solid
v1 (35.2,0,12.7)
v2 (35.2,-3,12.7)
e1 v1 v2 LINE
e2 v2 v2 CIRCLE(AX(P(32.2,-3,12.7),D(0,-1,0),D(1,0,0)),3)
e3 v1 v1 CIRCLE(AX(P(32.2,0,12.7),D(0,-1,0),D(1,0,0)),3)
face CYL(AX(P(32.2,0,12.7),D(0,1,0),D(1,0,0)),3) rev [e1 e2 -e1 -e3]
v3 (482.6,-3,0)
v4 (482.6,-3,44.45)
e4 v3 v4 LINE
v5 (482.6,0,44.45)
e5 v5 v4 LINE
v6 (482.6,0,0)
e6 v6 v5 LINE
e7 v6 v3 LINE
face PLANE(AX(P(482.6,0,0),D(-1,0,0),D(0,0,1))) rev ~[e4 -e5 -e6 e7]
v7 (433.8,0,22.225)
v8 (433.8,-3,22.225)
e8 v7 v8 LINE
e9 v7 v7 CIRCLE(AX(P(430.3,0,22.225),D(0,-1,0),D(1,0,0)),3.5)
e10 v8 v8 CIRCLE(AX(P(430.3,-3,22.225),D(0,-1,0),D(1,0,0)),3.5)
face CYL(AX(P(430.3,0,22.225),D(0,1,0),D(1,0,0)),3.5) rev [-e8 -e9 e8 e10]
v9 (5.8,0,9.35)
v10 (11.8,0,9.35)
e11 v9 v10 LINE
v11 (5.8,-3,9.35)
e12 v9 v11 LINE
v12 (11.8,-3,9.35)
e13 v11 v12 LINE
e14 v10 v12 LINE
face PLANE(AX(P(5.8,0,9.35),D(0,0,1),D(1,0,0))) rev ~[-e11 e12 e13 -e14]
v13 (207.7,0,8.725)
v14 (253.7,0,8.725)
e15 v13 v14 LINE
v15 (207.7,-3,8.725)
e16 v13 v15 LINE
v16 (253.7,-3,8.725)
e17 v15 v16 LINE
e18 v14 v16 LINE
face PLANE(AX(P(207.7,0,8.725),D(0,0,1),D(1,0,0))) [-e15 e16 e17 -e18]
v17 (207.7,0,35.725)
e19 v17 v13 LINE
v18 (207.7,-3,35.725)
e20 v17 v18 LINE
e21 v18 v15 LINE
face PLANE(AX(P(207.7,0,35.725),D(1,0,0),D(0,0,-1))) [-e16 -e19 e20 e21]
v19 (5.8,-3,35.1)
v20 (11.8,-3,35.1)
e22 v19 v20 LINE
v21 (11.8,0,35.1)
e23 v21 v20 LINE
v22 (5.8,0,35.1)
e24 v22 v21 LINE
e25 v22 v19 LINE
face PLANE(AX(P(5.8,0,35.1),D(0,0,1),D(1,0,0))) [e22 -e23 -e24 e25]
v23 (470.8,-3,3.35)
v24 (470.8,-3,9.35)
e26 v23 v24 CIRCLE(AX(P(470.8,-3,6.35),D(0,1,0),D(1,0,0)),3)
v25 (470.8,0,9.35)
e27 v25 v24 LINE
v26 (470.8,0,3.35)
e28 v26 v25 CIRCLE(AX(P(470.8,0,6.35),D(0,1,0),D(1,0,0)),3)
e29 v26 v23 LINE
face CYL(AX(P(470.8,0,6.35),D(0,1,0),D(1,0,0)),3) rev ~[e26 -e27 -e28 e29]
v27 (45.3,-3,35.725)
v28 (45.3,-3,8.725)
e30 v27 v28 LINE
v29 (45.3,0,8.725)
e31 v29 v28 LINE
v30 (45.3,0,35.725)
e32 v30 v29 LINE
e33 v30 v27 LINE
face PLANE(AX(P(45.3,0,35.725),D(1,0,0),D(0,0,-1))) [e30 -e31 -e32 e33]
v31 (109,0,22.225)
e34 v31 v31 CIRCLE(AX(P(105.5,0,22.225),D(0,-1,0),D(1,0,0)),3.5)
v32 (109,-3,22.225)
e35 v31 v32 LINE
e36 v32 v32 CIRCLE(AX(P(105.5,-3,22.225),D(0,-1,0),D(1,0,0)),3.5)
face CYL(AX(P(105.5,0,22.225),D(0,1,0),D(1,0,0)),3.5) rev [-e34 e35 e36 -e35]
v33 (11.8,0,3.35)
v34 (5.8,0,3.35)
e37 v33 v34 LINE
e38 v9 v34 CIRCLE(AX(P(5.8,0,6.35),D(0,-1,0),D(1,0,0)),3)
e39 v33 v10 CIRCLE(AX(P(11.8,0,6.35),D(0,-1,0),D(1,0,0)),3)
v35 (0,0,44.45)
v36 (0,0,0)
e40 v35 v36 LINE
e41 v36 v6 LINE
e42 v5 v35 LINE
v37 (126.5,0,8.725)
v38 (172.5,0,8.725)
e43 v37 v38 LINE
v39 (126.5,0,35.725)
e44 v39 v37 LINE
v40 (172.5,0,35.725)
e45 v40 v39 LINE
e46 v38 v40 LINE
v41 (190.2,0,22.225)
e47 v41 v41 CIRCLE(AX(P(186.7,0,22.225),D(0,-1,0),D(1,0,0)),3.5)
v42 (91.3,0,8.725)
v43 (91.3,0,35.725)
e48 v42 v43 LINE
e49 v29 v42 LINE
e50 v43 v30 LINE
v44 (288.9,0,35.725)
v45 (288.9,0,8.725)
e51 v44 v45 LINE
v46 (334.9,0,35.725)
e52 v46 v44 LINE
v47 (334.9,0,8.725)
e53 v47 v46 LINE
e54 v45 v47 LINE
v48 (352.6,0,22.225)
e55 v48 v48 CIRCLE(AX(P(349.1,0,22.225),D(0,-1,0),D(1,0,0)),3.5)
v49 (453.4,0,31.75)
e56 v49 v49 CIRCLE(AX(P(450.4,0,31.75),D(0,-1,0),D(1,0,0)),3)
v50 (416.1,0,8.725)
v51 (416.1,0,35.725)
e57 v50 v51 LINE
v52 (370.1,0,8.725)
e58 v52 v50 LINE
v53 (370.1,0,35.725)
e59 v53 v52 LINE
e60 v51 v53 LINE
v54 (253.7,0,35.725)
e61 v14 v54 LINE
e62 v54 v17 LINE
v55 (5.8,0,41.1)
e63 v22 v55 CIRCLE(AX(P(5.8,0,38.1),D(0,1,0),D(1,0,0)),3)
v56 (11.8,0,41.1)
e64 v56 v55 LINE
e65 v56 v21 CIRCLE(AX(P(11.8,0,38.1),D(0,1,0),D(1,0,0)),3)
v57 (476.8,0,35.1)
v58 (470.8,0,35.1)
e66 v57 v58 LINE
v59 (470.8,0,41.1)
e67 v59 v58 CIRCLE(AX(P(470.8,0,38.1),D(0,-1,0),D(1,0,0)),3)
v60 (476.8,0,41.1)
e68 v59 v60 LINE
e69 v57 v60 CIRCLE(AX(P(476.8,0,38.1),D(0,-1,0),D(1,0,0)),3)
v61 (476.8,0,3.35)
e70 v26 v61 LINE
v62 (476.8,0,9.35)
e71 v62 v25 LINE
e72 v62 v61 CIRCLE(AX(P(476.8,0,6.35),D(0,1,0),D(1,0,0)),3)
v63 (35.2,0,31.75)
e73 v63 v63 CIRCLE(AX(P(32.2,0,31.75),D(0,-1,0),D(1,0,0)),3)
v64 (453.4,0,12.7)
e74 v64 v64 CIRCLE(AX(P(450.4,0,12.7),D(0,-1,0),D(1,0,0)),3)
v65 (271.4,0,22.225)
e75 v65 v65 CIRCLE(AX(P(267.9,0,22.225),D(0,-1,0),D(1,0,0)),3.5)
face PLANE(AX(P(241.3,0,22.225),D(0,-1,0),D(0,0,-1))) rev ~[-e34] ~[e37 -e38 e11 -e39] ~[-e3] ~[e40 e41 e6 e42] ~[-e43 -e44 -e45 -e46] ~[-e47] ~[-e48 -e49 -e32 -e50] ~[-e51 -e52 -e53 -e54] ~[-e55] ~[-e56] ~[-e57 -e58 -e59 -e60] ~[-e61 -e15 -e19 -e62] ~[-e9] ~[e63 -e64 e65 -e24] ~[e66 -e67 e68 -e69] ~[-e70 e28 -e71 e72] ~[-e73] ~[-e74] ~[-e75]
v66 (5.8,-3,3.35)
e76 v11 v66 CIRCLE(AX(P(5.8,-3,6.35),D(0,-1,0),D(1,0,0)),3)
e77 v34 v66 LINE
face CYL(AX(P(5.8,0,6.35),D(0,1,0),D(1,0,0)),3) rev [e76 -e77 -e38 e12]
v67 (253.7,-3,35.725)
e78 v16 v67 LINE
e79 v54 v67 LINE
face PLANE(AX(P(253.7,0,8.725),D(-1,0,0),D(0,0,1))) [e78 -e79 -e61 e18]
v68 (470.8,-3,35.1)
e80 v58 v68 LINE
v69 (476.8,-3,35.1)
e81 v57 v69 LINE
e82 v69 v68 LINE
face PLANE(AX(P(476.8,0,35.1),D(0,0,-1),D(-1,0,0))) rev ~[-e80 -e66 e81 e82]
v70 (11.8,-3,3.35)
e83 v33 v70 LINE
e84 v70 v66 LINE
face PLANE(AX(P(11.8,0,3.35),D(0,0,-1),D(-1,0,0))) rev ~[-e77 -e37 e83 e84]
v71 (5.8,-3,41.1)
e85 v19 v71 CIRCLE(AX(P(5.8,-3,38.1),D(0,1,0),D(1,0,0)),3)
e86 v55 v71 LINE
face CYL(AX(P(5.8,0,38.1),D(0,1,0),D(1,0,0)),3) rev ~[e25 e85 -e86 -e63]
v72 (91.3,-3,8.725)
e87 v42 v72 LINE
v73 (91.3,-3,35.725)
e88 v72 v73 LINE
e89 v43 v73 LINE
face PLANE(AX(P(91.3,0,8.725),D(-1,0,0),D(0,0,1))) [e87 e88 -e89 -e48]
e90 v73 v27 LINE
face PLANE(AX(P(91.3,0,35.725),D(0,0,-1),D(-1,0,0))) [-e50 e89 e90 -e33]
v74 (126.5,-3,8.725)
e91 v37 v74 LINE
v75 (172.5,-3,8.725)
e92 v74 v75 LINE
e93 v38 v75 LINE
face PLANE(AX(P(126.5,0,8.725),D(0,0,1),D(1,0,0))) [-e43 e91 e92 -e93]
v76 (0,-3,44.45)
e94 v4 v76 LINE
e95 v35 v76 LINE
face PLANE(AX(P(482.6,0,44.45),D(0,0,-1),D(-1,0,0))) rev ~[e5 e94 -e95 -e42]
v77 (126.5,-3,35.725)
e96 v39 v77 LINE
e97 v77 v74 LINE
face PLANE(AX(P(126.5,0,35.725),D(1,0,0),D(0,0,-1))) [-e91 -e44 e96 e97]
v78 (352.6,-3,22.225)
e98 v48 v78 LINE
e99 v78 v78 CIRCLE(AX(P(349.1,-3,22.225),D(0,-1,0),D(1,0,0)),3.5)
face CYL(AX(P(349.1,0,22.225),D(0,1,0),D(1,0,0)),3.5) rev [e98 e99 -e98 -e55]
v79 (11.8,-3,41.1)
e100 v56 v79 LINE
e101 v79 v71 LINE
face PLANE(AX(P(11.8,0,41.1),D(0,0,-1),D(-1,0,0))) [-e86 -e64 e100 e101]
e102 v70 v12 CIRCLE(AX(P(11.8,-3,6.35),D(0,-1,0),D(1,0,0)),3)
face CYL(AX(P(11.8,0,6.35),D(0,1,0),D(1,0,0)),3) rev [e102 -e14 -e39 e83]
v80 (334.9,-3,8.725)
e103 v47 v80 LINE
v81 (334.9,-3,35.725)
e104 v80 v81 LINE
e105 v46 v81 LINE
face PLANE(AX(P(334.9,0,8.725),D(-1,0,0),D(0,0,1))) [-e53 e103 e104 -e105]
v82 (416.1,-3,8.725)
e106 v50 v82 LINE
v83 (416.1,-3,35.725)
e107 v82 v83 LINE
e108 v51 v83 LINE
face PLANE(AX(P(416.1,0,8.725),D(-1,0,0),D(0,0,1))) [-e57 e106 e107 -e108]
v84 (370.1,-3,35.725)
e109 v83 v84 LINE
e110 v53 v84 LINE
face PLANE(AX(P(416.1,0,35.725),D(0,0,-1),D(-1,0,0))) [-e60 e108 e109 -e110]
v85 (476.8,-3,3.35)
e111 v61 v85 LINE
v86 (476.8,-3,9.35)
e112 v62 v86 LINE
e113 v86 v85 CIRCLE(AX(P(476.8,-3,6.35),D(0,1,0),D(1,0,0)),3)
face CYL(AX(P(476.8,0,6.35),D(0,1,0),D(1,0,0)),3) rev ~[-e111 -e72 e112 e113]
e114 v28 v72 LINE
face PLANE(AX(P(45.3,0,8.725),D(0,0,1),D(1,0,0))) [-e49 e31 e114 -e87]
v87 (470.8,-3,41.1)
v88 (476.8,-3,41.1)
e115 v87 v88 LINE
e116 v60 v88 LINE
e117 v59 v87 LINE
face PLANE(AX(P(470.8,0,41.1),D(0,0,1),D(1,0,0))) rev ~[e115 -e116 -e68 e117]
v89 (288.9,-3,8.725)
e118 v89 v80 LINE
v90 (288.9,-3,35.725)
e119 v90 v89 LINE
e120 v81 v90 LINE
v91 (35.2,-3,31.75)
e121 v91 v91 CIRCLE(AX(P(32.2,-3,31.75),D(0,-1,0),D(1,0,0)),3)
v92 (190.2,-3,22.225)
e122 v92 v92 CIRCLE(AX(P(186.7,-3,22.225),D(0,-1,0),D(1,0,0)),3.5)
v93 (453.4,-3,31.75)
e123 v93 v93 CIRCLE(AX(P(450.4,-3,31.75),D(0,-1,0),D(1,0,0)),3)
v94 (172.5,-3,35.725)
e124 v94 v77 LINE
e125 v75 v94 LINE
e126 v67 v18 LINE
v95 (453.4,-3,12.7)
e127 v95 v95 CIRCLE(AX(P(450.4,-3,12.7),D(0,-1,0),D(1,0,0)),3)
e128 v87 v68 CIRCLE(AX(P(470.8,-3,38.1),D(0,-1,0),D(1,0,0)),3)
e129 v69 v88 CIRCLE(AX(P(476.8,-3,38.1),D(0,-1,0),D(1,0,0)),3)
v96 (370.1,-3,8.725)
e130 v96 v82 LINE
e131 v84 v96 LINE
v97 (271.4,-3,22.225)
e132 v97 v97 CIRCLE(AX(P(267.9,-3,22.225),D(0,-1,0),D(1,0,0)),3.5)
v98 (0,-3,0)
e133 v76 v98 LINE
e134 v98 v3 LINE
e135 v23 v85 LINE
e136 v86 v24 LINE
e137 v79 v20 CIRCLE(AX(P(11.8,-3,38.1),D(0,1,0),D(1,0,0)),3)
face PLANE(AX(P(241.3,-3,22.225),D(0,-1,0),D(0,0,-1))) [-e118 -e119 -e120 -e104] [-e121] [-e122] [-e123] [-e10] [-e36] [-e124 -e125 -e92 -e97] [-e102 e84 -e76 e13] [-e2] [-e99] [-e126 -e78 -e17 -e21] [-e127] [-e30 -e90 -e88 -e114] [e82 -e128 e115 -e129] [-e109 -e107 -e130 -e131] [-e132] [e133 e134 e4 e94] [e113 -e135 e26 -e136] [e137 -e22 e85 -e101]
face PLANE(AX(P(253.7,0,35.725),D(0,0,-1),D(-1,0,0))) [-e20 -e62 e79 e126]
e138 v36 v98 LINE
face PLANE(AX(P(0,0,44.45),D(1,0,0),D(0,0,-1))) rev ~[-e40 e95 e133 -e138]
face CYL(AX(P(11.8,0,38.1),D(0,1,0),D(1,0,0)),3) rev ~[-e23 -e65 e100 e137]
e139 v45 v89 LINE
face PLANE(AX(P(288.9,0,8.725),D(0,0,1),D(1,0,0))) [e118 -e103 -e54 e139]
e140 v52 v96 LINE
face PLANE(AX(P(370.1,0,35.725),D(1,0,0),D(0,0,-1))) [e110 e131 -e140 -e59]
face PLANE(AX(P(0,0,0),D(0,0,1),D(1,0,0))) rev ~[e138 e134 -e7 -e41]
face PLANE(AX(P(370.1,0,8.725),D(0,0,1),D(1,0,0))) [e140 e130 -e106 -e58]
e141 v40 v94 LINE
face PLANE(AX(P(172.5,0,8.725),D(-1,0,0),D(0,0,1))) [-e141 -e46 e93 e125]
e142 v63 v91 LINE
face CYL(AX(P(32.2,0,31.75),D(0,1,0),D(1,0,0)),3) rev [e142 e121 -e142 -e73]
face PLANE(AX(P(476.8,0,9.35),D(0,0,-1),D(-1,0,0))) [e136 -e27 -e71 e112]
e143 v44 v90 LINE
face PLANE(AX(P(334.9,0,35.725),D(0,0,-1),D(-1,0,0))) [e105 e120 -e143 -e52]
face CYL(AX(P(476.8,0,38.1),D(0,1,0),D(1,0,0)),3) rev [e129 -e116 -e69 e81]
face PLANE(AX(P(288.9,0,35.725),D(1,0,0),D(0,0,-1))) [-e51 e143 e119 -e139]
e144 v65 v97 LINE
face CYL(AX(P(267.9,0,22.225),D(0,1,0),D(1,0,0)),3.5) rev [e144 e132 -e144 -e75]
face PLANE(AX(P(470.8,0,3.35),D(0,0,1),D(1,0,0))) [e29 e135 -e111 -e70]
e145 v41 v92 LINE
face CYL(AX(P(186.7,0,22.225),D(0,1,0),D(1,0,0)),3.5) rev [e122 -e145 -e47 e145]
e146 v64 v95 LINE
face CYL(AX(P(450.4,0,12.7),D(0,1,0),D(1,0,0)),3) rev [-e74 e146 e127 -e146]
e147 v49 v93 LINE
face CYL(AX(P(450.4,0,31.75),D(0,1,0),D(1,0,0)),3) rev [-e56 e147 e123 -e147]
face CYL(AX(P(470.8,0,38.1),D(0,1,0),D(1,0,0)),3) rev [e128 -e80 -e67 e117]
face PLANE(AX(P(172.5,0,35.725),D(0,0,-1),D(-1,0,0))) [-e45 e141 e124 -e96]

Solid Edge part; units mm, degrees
sketch "Sketch1" plane through (0, 0, 0) normal (0, -1, 0) x (1, 0, 0)
  line L0 (5.8, 35.1) -> (11.8, 35.1)
  arc A0 (11.8, 41.1) -> (11.8, 35.1) centre (11.8, 38.1) cw
  line L1 (11.8, 41.1) -> (5.8, 41.1)
  arc A1 (5.8, 35.1) -> (5.8, 41.1) centre (5.8, 38.1) cw
  line L2 (482.6, 44.45) -> (0, 44.45)
  line L3 (0, 44.45) -> (0, 0)
  line L4 (0, 0) -> (482.6, 0)
  line L5 (482.6, 0) -> (482.6, 44.45)
  arc A2 (5.8, 9.35) -> (5.8, 3.35) centre (5.8, 6.35) ccw
  line L6 (11.8, 3.35) -> (5.8, 3.35)
  arc A3 (11.8, 3.35) -> (11.8, 9.35) centre (11.8, 6.35) ccw
  line L7 (5.8, 9.35) -> (11.8, 9.35)
  circle A4 centre (32.2, 12.7) radius 3
  circle A5 centre (32.2, 31.75) radius 3
  circle A6 centre (105.5, 22.225) radius 3.5
  line L8 (45.3, 8.725) -> (91.3, 8.725)
  line L9 (91.3, 8.725) -> (91.3, 35.725)
  line L10 (91.3, 35.725) -> (45.3, 35.725)
  line L11 (45.3, 35.725) -> (45.3, 8.725)
  line L12 (126.5, 35.725) -> (126.5, 8.725)
  line L13 (126.5, 8.725) -> (172.5, 8.725)
  line L14 (172.5, 8.725) -> (172.5, 35.725)
  line L15 (172.5, 35.725) -> (126.5, 35.725)
  circle A7 centre (186.7, 22.225) radius 3.5
  circle A8 centre (267.9, 22.225) radius 3.5
  line L16 (207.7, 35.725) -> (207.7, 8.725)
  line L17 (207.7, 8.725) -> (253.7, 8.725)
  line L18 (253.7, 8.725) -> (253.7, 35.725)
  line L19 (253.7, 35.725) -> (207.7, 35.725)
  line L20 (288.9, 35.725) -> (288.9, 8.725)
  line L21 (288.9, 8.725) -> (334.9, 8.725)
  line L22 (334.9, 8.725) -> (334.9, 35.725)
  line L23 (334.9, 35.725) -> (288.9, 35.725)
  circle A9 centre (349.1, 22.225) radius 3.5
  line L24 (370.1, 35.725) -> (370.1, 8.725)
  line L25 (370.1, 8.725) -> (416.1, 8.725)
  line L26 (416.1, 8.725) -> (416.1, 35.725)
  line L27 (416.1, 35.725) -> (370.1, 35.725)
  circle A10 centre (430.3, 22.225) radius 3.5
  arc A11 (476.8, 35.1) -> (476.8, 41.1) centre (476.8, 38.1) ccw
  line L28 (470.8, 41.1) -> (476.8, 41.1)
  arc A12 (470.8, 41.1) -> (470.8, 35.1) centre (470.8, 38.1) ccw
  line L29 (476.8, 35.1) -> (470.8, 35.1)
  circle A13 centre (450.4, 31.75) radius 3
  line L30 (470.8, 3.35) -> (476.8, 3.35)
  arc A14 (476.8, 9.35) -> (476.8, 3.35) centre (476.8, 6.35) cw
  line L31 (476.8, 9.35) -> (470.8, 9.35)
  arc A15 (470.8, 3.35) -> (470.8, 9.35) centre (470.8, 6.35) cw
  circle A16 centre (450.4, 12.7) radius 3
  dimension "D1" = 482.6
  dimension "D2" = 44.45
  dimension "D3" = 6
  dimension "D4" = 6.35
  dimension "D5" = 12.7
  dimension "D6" = 32.2
  dimension "D7" = 8.8
  dimension "D8" = 406
  dimension "D9" = 81.2
  dimension "D10" = 81.2
  dimension "D11" = 81.2
  dimension "D12" = 81.2
  dimension "D13" = 48
  dimension "D14" = 46
  dimension "D15" = 27
  dimension "D16" = 29
  dimension "D17" = 6
  dimension "D18" = 14
  dimension "D19" = 14
  dimension "D20" = 14
  dimension "D21" = 14
  dimension "D22" = 14
  dimension "D23" = 48
  dimension "D24" = 46
  dimension "D25" = 27
  dimension "D26" = 29
  dimension "D27" = 48
  dimension "D28" = 46
  dimension "D29" = 27
  dimension "D30" = 29
  dimension "D31" = 48
  dimension "D32" = 46
  dimension "D33" = 27
  dimension "D34" = 29
  dimension "D35" = 48
  dimension "D36" = 46
  dimension "D37" = 27
  dimension "D38" = 29
  dimension "D39" = 7.725
  dimension "D40" = 7
  dimension "D41" = 16
  dimension "D42" = 7
  dimension "D43" = 16
  dimension "D44" = 7
  dimension "D45" = 16
  dimension "D46" = 7
  dimension "D47" = 16
  dimension "D48" = 7
  dimension "D49" = 16
  dimension "D50" = 6
  dimension "D51" = 7.725
  dimension "D52" = 6
  dimension "D53" = 7.725
  dimension "D54" = 6
  dimension "D55" = 7.725
  dimension "D56" = 6
  dimension "D57" = 7.725
extrude "Protrusion1" add sketch "Sketch1" along normal blind 3
